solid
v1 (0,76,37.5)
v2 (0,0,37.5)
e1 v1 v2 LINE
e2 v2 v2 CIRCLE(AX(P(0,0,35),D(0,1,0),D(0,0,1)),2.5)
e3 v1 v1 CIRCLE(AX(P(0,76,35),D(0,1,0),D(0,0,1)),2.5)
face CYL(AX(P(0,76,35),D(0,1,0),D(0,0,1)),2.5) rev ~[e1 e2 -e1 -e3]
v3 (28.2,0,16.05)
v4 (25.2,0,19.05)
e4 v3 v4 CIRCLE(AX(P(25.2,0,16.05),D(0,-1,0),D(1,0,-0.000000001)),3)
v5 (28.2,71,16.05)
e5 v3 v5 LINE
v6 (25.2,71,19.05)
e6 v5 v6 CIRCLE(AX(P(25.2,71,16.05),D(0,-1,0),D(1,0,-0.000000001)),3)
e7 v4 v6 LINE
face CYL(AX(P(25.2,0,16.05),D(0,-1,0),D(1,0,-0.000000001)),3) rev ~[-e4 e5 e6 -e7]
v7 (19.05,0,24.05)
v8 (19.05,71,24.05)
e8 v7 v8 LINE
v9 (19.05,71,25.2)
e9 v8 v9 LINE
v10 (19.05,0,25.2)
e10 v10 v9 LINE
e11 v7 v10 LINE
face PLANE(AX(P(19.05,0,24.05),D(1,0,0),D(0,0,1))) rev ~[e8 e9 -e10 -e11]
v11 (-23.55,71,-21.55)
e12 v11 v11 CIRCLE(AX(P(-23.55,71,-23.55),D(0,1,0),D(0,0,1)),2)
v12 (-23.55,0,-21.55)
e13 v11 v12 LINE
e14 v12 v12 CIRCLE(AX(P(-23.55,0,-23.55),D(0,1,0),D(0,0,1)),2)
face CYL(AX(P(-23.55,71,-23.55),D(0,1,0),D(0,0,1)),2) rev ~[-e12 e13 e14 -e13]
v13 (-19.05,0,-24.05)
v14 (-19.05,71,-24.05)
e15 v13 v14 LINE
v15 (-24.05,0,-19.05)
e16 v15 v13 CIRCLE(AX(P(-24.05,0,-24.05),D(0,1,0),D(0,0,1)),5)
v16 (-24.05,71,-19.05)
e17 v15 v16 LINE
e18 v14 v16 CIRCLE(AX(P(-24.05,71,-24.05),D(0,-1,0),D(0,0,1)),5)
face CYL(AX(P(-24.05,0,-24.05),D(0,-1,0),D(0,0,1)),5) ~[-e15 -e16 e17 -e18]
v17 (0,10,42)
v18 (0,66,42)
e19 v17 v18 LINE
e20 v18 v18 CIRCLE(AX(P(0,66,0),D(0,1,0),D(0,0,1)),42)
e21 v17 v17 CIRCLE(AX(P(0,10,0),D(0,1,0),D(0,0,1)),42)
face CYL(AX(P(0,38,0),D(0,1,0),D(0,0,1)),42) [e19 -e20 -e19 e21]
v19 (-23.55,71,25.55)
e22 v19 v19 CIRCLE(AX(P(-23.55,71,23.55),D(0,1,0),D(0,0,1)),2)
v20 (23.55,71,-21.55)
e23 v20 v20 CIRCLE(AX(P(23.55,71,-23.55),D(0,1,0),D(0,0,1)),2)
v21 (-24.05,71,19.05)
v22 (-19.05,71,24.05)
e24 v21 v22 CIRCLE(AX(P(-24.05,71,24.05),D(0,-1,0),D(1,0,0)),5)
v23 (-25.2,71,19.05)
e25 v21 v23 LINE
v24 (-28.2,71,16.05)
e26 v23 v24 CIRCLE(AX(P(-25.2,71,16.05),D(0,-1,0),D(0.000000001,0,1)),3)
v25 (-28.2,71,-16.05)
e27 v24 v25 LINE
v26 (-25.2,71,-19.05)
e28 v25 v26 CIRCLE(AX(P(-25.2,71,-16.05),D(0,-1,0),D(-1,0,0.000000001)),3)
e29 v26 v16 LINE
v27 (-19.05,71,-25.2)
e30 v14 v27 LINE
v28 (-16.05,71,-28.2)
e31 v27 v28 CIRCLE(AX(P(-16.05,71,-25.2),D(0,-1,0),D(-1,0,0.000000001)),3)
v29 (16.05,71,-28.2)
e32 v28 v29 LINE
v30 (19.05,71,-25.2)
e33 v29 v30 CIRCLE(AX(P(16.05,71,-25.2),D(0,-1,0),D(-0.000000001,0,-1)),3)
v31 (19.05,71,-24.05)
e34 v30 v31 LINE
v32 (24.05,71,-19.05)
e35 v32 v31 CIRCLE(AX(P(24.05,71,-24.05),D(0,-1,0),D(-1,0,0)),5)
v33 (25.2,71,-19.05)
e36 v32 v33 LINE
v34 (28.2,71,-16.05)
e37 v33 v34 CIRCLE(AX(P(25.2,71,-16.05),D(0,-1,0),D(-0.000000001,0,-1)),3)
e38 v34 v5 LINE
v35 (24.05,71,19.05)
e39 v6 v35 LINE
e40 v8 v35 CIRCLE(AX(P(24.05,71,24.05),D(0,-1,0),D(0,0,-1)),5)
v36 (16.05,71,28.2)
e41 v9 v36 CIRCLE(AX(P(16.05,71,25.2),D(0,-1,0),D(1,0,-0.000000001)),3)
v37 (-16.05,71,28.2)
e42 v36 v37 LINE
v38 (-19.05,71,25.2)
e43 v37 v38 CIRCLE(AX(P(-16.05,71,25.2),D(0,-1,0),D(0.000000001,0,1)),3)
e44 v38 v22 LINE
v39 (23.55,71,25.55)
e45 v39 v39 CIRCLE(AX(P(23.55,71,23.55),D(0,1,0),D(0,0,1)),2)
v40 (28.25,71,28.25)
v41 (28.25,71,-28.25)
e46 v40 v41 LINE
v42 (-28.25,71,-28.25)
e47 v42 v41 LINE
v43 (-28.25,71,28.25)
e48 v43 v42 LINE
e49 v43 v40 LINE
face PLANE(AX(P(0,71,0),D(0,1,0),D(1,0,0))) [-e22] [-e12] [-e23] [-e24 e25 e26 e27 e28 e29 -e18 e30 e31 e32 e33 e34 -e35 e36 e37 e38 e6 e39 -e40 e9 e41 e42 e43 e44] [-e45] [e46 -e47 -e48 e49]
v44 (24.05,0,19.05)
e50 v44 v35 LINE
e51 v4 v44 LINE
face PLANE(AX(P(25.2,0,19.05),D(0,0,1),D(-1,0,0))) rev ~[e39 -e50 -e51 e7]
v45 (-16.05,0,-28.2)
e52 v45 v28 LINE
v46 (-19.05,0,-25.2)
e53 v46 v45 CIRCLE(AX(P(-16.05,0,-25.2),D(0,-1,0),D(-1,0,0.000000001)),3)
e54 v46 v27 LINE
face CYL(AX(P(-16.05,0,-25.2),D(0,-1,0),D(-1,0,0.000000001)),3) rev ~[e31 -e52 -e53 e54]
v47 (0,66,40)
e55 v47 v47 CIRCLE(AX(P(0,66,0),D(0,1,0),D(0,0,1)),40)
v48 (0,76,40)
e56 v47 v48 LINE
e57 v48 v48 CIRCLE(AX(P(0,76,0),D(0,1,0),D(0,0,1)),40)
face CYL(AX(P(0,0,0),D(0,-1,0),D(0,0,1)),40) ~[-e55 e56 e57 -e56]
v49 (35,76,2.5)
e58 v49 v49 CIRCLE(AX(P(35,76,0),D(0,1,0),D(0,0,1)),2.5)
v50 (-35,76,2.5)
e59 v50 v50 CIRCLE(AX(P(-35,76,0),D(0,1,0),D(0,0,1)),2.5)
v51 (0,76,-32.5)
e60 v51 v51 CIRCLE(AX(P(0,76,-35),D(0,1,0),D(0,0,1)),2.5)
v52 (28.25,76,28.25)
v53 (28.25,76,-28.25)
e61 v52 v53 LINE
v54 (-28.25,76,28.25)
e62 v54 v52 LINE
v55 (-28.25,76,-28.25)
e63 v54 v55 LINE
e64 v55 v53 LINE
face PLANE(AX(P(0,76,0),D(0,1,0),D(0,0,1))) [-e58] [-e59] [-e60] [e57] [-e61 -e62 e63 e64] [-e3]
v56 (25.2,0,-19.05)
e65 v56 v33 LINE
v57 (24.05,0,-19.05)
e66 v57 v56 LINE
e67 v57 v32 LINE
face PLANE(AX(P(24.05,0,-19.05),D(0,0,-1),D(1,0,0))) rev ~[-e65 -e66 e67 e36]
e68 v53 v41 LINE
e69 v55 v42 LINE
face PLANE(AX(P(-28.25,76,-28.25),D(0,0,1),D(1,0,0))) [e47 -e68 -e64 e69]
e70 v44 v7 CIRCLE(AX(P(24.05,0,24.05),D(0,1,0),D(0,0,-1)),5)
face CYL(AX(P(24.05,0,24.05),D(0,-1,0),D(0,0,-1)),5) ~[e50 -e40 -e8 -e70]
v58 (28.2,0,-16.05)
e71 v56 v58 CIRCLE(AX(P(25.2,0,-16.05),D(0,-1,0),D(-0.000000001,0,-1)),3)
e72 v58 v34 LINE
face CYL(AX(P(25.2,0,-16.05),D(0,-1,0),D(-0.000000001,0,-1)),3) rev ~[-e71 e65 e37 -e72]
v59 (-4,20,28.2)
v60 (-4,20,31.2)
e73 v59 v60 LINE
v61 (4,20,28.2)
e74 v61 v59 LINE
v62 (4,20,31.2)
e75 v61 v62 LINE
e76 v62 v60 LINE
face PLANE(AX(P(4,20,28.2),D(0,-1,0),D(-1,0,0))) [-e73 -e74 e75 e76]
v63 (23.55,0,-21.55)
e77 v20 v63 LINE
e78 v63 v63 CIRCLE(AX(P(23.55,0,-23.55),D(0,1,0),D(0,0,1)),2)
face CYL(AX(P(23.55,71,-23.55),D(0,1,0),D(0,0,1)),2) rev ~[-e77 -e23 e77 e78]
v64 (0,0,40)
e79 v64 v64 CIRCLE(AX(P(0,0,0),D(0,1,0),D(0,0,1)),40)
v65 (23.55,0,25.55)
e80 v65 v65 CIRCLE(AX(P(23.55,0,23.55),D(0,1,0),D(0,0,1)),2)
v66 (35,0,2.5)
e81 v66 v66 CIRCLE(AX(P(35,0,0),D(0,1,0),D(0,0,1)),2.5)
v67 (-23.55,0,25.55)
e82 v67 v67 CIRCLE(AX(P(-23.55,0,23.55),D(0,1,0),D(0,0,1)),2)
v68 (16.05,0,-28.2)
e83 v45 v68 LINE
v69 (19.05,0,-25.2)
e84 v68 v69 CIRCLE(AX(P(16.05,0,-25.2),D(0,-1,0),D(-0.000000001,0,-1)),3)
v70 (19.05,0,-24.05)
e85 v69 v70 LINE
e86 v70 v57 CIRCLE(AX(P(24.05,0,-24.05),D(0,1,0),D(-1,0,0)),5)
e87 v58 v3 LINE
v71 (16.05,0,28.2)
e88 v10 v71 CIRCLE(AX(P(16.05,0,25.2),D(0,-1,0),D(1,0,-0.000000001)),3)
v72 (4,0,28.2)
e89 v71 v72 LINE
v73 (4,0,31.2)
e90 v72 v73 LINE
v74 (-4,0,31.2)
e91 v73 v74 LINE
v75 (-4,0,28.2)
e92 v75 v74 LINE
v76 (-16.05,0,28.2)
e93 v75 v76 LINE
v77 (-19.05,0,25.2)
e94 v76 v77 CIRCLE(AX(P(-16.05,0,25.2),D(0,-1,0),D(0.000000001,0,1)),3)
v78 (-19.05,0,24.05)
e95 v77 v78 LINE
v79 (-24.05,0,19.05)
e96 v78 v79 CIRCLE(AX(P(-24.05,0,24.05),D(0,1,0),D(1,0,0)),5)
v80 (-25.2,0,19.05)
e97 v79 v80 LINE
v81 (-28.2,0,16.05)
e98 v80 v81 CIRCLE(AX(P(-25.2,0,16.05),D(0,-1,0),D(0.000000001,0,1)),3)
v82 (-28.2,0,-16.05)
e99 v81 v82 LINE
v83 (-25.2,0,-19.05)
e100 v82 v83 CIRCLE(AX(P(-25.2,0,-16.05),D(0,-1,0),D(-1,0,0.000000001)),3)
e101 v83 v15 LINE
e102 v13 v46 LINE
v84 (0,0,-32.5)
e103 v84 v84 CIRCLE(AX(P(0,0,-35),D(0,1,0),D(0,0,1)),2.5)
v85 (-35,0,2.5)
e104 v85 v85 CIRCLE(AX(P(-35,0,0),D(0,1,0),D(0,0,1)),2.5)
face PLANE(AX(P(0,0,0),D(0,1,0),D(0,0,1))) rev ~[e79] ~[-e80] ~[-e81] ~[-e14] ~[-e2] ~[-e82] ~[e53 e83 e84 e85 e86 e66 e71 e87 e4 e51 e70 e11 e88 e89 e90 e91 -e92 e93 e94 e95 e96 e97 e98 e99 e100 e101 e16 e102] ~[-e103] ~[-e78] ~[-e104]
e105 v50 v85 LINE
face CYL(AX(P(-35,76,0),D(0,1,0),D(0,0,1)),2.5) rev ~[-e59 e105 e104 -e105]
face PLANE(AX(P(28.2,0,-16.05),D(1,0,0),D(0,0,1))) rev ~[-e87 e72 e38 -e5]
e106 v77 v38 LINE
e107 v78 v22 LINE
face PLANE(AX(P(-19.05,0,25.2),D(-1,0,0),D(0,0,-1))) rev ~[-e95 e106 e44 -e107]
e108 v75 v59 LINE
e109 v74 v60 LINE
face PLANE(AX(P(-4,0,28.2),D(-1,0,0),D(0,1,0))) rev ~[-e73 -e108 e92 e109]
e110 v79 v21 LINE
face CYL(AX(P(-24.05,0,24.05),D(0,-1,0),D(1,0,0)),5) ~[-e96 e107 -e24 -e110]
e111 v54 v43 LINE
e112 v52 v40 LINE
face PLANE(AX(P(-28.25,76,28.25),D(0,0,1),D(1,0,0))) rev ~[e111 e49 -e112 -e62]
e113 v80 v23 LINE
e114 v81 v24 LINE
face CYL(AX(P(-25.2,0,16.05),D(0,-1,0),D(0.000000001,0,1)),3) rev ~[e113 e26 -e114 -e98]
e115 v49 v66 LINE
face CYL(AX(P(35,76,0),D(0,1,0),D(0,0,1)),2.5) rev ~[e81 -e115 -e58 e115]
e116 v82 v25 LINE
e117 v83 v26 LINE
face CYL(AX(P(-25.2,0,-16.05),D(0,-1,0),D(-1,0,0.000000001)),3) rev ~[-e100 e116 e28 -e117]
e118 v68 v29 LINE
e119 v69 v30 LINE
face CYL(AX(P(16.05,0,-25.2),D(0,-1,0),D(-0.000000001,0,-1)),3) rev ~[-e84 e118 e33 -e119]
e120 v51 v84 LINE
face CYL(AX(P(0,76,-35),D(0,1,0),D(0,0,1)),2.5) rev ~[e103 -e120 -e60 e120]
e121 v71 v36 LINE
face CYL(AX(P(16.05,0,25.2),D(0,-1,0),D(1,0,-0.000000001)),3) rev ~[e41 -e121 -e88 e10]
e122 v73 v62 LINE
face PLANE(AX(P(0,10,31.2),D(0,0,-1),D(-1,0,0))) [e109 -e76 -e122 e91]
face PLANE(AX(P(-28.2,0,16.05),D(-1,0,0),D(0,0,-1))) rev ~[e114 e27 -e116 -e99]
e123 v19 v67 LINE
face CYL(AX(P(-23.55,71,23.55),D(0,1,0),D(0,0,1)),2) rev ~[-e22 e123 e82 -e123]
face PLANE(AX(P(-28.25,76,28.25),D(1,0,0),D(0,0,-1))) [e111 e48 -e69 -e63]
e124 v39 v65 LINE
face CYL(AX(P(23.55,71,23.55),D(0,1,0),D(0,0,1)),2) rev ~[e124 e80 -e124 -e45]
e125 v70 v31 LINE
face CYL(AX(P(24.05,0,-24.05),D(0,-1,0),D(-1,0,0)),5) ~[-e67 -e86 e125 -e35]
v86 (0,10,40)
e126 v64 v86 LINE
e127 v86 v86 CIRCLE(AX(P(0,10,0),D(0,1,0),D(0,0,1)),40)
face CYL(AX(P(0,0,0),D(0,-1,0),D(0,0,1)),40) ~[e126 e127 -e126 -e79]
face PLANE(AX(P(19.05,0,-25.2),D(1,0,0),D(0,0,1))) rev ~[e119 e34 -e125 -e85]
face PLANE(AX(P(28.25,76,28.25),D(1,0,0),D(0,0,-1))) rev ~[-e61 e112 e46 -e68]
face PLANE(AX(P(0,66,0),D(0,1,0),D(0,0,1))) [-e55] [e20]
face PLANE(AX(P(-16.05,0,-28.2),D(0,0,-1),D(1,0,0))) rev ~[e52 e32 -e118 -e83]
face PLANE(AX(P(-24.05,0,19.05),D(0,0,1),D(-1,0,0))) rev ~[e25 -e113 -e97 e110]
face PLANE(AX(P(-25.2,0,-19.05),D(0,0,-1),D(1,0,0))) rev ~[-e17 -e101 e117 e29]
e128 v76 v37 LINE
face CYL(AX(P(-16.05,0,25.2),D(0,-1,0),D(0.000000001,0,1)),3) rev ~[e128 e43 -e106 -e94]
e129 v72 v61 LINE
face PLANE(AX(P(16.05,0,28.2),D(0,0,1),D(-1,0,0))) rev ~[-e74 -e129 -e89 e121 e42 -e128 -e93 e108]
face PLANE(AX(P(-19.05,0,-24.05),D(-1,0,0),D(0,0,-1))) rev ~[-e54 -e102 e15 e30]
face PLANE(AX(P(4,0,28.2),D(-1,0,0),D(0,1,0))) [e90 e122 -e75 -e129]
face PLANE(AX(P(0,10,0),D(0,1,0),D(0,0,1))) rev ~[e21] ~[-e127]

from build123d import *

# Parameters (mm, degrees)
SKETCH2_R           = 40
BOSS_EXTRUDE1_DEPTH = 76
SKETCH3_W           = 8
SKETCH3_H           = 20
CUT_EXTRUDE1_DEPTH  = 3
SKETCH4_R           = 42
SKETCH4_R_2         = 40
BOSS_EXTRUDE3_DEPTH = 28
SKETCH5_W           = 56.5
SKETCH5_H           = 56.5
CUT_EXTRUDE7_DEPTH  = 5
SKETCH6_R           = 2
CUT_EXTRUDE8_DEPTH  = 93.568893263
SKETCH7_R           = 2.5
CUT_EXTRUDE9_DEPTH  = 97.457244414


with BuildPart() as part:
    # Sketch2 → Boss-Extrude1 (new body)
    with BuildSketch(Plane(origin=(0, 0, 0), x_dir=(1, 0, 0), z_dir=(0, 1, 0))):
        with Locations(Location((0, 0, 0), (0, 0, 270))):
            Circle(SKETCH2_R)
        with BuildLine():
            Line((-16.05, 28.2), (16.05, 28.2))
            ThreePointArc((16.05, 28.2), (18.171320344, 27.321320344), (19.05, 25.2))
            Line((19.05, 25.2), (19.05, 24.05))
            ThreePointArc((19.05, 24.05), (20.514466094, 20.514466094), (24.05, 19.05))
            Line((24.05, 19.05), (25.2, 19.05))
            ThreePointArc((25.2, 19.05), (27.321320344, 18.171320344), (28.2, 16.05))
            Line((28.2, 16.05), (28.2, -16.05))
            ThreePointArc((28.2, -16.05), (27.321320344, -18.171320344), (25.2, -19.05))
            Line((25.2, -19.05), (24.05, -19.05))
            ThreePointArc((24.05, -19.05), (20.514466094, -20.514466094), (19.05, -24.05))
            Line((19.05, -24.05), (19.05, -25.2))
            ThreePointArc((19.05, -25.2), (18.171320344, -27.321320344), (16.05, -28.2))
            Line((16.05, -28.2), (-16.05, -28.2))
            ThreePointArc((-16.05, -28.2), (-18.171320344, -27.321320344), (-19.05, -25.2))
            Line((-19.05, -25.2), (-19.05, -24.05))
            ThreePointArc((-19.05, -24.05), (-20.514466094, -20.514466094), (-24.05, -19.05))
            Line((-24.05, -19.05), (-25.2, -19.05))
            ThreePointArc((-25.2, -19.05), (-27.321320344, -18.171320344), (-28.2, -16.05))
            Line((-28.2, -16.05), (-28.2, 16.05))
            ThreePointArc((-28.2, 16.05), (-27.321320344, 18.171320344), (-25.2, 19.05))
            Line((-25.2, 19.05), (-24.05, 19.05))
            ThreePointArc((-24.05, 19.05), (-20.514466094, 20.514466094), (-19.05, 24.05))
            Line((-19.05, 24.05), (-19.05, 25.2))
            ThreePointArc((-19.05, 25.2), (-18.171320344, 27.321320344), (-16.05, 28.2))
        make_face(mode=Mode.SUBTRACT)
    extrude(amount=BOSS_EXTRUDE1_DEPTH)

    # Sketch3 → Cut-Extrude1 (cut)
    with BuildSketch(Plane(origin=(0, 0, 28.2), x_dir=(-1, 0, 0), z_dir=(0, 0, -1))):
        with Locations((0, 10)):
            Rectangle(SKETCH3_W, SKETCH3_H)
    extrude(amount=-CUT_EXTRUDE1_DEPTH, mode=Mode.SUBTRACT)

    # Sketch4 → Boss-Extrude3 (add, symmetric)
    with BuildSketch(Plane(origin=(0, 38, 0), x_dir=(1, 0, 0), z_dir=(0, 1, 0))):
        with Locations(Location((0, 0, 0), (0, 0, 270))):
            Circle(SKETCH4_R)
        with Locations(Location((0, 0, 0), (0, 0, 270))):
            Circle(SKETCH4_R_2, mode=Mode.SUBTRACT)
    extrude(amount=BOSS_EXTRUDE3_DEPTH, both=True)

    # Sketch5 → Cut-Extrude7 (cut)
    with BuildSketch(Plane(origin=(0, 76, 0), x_dir=(1, 0, 0), z_dir=(0, 1, 0))):
        Rectangle(SKETCH5_W, SKETCH5_H)
    extrude(amount=-CUT_EXTRUDE7_DEPTH, mode=Mode.SUBTRACT)

    # Sketch6 → Cut-Extrude8 (cut, through all)
    with BuildSketch(Plane(origin=(0, 71, 0), x_dir=(1, 0, 0), z_dir=(0, 1, 0))):
        with Locations(Location((-23.55, 23.55, 0), (0, 0, 270))):
            Circle(SKETCH6_R)
        with Locations(Location((23.55, 23.55, 0), (0, 0, 270))):
            Circle(SKETCH6_R)
        with Locations(Location((23.55, -23.55, 0), (0, 0, 270))):
            Circle(SKETCH6_R)
        with Locations(Location((-23.55, -23.55, 0), (0, 0, 270))):
            Circle(SKETCH6_R)
    extrude(amount=-CUT_EXTRUDE8_DEPTH, mode=Mode.SUBTRACT)

    # Sketch7 → Cut-Extrude9 (cut, through all)
    with BuildSketch(Plane(origin=(0, 76, 0), x_dir=(1, 0, 0), z_dir=(0, 1, 0))):
        with Locations(Location((0, 35, 0), (0, 0, 270))):
            Circle(SKETCH7_R)
        with Locations(Location((35, 0, 0), (0, 0, 270))):
            Circle(SKETCH7_R)
        with Locations(Location((0, -35, 0), (0, 0, 270))):
            Circle(SKETCH7_R)
        with Locations(Location((-35, 0, 0), (0, 0, 270))):
            Circle(SKETCH7_R)
    extrude(amount=-CUT_EXTRUDE9_DEPTH, mode=Mode.SUBTRACT)


solid = part.part
